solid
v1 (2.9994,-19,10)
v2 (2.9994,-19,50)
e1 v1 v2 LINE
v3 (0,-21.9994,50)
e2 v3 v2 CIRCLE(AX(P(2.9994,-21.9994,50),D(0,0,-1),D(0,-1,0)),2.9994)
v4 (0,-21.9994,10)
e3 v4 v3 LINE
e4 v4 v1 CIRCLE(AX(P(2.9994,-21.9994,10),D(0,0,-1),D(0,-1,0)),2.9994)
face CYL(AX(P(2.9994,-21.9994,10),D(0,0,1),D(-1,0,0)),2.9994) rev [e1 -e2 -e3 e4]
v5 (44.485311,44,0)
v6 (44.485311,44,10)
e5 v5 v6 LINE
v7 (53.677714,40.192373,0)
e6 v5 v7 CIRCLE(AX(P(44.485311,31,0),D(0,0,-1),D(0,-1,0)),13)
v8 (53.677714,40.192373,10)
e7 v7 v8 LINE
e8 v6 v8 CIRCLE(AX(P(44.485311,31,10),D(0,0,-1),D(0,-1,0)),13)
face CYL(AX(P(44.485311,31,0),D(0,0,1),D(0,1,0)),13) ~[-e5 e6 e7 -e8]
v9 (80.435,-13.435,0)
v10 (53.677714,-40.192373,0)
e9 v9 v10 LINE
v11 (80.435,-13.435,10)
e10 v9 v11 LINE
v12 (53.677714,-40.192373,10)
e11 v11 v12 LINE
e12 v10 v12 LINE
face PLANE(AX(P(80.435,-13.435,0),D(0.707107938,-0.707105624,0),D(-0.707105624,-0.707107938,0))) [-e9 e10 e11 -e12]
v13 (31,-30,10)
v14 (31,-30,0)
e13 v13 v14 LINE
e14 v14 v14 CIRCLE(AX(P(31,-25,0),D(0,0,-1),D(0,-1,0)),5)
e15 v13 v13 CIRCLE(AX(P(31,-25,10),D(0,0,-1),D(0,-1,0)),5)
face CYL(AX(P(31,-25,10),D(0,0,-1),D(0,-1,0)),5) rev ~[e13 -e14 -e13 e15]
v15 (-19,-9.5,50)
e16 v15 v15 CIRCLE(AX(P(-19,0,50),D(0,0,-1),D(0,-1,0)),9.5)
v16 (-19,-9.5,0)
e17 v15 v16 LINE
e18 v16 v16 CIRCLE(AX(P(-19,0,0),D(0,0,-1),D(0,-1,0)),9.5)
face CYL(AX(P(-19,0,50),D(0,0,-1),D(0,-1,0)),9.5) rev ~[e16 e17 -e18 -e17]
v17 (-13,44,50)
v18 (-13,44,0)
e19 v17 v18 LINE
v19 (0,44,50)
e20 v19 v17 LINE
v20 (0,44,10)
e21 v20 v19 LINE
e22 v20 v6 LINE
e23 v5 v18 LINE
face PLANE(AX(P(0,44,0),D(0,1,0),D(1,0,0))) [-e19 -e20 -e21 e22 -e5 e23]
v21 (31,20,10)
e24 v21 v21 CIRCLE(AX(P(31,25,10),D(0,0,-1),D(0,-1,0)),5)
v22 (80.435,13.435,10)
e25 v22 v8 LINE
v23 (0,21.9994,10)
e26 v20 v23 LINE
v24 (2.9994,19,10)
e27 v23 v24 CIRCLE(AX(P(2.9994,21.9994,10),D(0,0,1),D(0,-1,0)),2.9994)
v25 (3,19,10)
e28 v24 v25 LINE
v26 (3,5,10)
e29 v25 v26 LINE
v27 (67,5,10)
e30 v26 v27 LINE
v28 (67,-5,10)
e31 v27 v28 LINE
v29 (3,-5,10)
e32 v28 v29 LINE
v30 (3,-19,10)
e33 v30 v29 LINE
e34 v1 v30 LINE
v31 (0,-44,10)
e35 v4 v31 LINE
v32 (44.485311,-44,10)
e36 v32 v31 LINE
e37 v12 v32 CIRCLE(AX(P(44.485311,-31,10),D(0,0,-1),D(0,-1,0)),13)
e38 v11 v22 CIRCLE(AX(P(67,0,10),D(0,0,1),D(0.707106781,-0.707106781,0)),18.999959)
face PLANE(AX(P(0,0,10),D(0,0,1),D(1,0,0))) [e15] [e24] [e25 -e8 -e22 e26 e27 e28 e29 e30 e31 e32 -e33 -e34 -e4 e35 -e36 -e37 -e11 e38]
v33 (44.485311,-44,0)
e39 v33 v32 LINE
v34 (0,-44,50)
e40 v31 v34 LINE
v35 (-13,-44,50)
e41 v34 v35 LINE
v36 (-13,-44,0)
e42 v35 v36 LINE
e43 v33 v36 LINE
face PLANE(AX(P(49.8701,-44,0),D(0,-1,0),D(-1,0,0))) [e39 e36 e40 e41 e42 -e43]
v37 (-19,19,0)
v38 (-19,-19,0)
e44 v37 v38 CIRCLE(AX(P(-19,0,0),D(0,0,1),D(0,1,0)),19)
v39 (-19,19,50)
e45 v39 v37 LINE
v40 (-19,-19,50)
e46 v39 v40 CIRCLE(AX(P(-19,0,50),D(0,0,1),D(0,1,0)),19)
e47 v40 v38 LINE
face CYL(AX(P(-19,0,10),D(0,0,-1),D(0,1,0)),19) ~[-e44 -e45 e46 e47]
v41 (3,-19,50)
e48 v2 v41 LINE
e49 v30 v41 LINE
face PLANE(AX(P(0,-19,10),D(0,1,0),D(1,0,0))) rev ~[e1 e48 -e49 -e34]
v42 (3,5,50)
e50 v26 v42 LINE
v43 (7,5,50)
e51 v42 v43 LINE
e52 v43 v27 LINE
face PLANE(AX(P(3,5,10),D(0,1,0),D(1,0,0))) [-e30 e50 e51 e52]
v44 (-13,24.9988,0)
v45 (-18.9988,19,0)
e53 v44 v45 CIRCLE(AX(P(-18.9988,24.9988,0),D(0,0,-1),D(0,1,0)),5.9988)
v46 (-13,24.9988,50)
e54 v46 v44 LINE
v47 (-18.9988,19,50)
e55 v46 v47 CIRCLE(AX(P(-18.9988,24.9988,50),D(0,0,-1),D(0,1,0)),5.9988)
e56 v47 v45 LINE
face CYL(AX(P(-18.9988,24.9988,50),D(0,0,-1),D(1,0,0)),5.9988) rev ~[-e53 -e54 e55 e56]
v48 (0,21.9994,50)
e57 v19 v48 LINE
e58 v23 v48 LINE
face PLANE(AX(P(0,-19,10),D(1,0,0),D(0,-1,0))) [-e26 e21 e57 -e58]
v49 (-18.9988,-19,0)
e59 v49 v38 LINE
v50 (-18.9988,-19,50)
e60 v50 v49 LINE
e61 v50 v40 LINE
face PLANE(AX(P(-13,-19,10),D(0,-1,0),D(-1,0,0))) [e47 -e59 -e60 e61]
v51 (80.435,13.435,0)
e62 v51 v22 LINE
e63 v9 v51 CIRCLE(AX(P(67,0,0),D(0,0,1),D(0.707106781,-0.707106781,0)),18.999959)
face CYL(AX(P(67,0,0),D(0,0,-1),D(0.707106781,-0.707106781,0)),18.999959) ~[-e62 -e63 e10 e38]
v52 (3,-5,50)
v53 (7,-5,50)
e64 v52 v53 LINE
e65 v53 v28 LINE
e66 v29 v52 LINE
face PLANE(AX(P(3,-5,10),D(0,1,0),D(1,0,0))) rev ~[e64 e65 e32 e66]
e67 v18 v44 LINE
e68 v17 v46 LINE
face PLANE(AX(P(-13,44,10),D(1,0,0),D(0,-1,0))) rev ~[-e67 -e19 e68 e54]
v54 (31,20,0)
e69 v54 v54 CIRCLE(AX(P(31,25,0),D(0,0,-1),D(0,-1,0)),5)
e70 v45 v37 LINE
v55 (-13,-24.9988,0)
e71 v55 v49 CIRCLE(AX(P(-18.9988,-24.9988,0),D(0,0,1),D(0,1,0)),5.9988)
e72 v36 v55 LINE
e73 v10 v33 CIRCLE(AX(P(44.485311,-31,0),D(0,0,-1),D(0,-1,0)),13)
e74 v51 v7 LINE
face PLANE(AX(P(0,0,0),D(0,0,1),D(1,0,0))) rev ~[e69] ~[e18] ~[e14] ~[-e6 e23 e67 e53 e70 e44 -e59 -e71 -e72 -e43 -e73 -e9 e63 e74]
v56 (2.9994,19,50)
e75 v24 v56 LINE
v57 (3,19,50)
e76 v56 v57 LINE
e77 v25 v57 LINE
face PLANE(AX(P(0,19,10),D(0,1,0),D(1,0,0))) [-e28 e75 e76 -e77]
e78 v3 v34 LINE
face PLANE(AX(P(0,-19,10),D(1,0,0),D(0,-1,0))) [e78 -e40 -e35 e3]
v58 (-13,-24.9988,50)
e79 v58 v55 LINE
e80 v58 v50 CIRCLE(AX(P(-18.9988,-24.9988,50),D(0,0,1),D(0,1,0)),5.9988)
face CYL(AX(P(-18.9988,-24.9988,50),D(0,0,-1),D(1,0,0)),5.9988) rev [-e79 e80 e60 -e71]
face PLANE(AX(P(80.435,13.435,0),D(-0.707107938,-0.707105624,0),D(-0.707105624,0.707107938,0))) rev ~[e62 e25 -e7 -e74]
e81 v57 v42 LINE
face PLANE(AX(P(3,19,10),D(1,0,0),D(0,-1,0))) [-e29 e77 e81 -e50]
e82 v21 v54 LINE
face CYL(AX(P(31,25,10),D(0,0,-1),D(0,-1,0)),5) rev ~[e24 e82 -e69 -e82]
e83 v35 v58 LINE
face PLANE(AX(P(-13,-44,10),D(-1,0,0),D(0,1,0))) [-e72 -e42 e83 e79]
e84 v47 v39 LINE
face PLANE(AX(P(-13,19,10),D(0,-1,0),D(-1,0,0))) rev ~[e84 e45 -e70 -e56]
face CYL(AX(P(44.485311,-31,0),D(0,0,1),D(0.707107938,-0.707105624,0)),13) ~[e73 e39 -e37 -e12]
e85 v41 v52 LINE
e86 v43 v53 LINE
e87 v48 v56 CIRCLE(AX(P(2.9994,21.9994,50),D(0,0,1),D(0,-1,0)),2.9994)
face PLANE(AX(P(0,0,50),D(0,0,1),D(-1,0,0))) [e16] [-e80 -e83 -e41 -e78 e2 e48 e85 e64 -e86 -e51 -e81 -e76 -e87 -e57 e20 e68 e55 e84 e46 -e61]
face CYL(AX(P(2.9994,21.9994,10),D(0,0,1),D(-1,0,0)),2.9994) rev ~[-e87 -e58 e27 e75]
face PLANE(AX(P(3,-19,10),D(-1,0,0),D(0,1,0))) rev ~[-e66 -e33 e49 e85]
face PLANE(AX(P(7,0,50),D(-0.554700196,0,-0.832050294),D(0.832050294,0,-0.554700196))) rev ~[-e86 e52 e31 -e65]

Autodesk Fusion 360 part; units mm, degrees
sketch "Sketch1" plane through (0, 0, 0) normal (0, 0, 1) x (1, 0, 0)
  line L0 (0, 44) -> (67, 44)
  line L1 (67, -44) -> (0, -44)
  line L2 (0, 0) -> (67, 0) construction
  line L3 (0, 44) -> (0, -44)
  line L4 (80.435, -13.435) -> (49.8701, -44)
  line L5 (80.435, 13.435) -> (49.8701, 44)
  arc A0 (80.435, -13.435) -> (80.435, 13.435) centre (67, 0) ccw
  dimension "d2" = 67
  dimension "d3" = 88
  dimension "d4" = 67
  dimension "d6" = 38
  dimension "d9" = 45
  dimension "d10" = 45
extrude "Extrude2" add sketch "Sketch1" along normal blind 10
sketch "Sketch5" plane through (0, 0, 10) normal (0, 0, 1) x (-1, 0, 0)
  line L0 (-49.8701, 44) -> (-80.435, 13.435)
  arc A0 (-80.435, 13.435) -> (-80.435, -13.435) centre (-67, 0) ccw
  line L1 (-80.435, -13.435) -> (-49.8701, -44)
  line L2 (-49.8701, -44) -> (0, -44)
  line L3 (0, -44) -> (0, 44)
  line L4 (0, 44) -> (-49.8701, 44)
  line L5 (0, -44) -> (13, -44)
  line L6 (13, -44) -> (13, -19)
  line L7 (13, -19) -> (19, -19)
  line L8 (19, 0) -> (0, 0) construction
  line L9 (0, 44) -> (13, 44)
  line L10 (13, 44) -> (13, 19)
  line L11 (13, 19) -> (19, 19)
  arc A1 (19, -19) -> (19, 19) centre (19, 0) ccw
  line L12 (0, -19) -> (-3, -19)
  line L13 (-3, -19) -> (-3, -5)
  line L14 (-3, -5) -> (-7, -5)
  line L15 (-7, -5) -> (-7, 0)
  line L16 (0, 19) -> (-3, 19)
  line L17 (-3, 19) -> (-3, 5)
  line L18 (-3, 5) -> (-7, 5)
  line L19 (-7, 5) -> (-7, 0)
  line L20 (0, -44) -> (0, -19)
  line L21 (0, 19) -> (0, 44)
  dimension "d15" = 13
  dimension "d16" = 38
  dimension "d17" = 6
  dimension "d18" = 3
  dimension "d19" = 14
  dimension "d20" = 4
extrude "Extrude4" add sketch "Sketch5" along normal blind 40 contours L3 L12 L13 L14 L15 L16 L17 L18 L19
extrude "Extrude3" add sketch "Sketch5" along normal blind 40 and the other way blind 10 contours L3 L5 L6 L7 L9 L10 L11 A1 L20 L21
ref_plane "WorkPlane1" through (18.435, 0, 25) normal (0, 1, 0) x (-1, 0, 0)
sketch "Sketch7" plane through (7, 0, 0) normal (1, 0, 0) x (0, 1, 0)
  line L0 (-5, 10) -> (5, 10)
  line L1 (5, 10) -> (5, 50)
  line L2 (5, 50) -> (-5, 50)
  line L3 (-5, 50) -> (-5, 10)
  line L4 (0, 50) -> (0, 10) construction
sketch "Sketch8" plane through (0, 0, 10) normal (0, 0, 1) x (-1, 0, 0)
  line L0 (-47, 36) -> (-47, -54) construction
  line L1 (-47, -9) -> (-3.8729, -9) construction
  line L2 (-47, -9) -> (-47, -34) construction
  line L3 (-47, -9) -> (-11, -9) construction
  line L4 (-67, 44) -> (-67, -44) construction
  line L5 (-67, -9) -> (-67, -34) construction
  line L6 (-67, -9) -> (-31, -9) construction
  line L7 (-67, 0) -> (-7.0889, 0) construction
  line L8 (-31, 0) -> (-31, -25) construction
  line L9 (-31, 0) -> (-31, 25) construction
  point P0 (-67, 44)
  point P1 (-67, -44)
  dimension "d37" = 25
  dimension "d39" = 36
  dimension "d45" = 25
  dimension "d49" = 25
sketch "Sketch6" plane through (18.435, 0, 25) normal (0, 1, 0) x (1, 0, 0)
  line L0 (-11.435, 15) -> (-11.435, -25)
  line L1 (-11.435, -25) -> (48.565, 15)
  line L2 (48.565, 15) -> (-11.435, 15)
  point P0 (-11.435, 15)
  point P1 (-11.435, -25)
  point P2 (48.565, 15)
extrude "Extrude6" add sketch "Sketch6" along normal mid plane 10
hole "Hole2" at (-19, 0, 50) direction (0, 0, -1) diameter 19 depth 50 tip angle 118
hole "Hole3" at (31, 25, 10) direction (0, 0, -1) diameter 10 depth 50 tip angle 118
hole "Hole4" at (31, -25, 10) direction (0, 0, -1) diameter 10 depth 50 tip angle 118
fillet "Fillet7" radius 13 2 edges at (49.8701, -44, 5) (49.8701, 44, 5)
fillet "Fillet8" radius 3 2 edges at (0, 19, 30) (0, -19, 30)
fillet "Fillet9" radius 6 2 edges at (-13, -19, 25) (-13, 19, 25)
extrude "Extrude5" [suppressed]
fillet "Fillet3" [suppressed]
fillet "Fillet4" [suppressed]
fillet "Fillet5" [suppressed]
fillet "Fillet6" [suppressed]
sketch "Sketch9" plane through (0, 0, 50) normal (0, 0, 1) x (-1, 0, 0)
  line L0 (-3, 19) -> (-3, 5)
  line L1 (-3, 5) -> (-7, 5)
  line L2 (-7, -5) -> (-3, -5)
  line L3 (-3, -5) -> (-3, -19)
  arc A0 (0, -22) -> (-3, -19) centre (-3, -22) ccw
  line L4 (0, -22) -> (0, -44)
  line L5 (0, -44) -> (13, -44)
  line L6 (13, -44) -> (13, -25)
  arc A1 (19, -19) -> (13, -25) centre (19, -25) ccw
  arc A2 (19, -19) -> (19, 19) centre (19, 0) ccw
  arc A3 (13, 25) -> (19, 19) centre (19, 25) ccw
  line L7 (13, 25) -> (13, 44)
  line L8 (13, 44) -> (0, 44)
  line L9 (0, 44) -> (0, 22)
  arc A4 (-3, 19) -> (0, 22) centre (-3, 22) ccw
  circle A5 centre (19, 0) radius 9.5 construction
  line L10 (-7, 5) -> (-7, 0)
  line L11 (-7, 0) -> (-7, -5)
  dimension "d33" = 19
hole "Hole1" [suppressed]
